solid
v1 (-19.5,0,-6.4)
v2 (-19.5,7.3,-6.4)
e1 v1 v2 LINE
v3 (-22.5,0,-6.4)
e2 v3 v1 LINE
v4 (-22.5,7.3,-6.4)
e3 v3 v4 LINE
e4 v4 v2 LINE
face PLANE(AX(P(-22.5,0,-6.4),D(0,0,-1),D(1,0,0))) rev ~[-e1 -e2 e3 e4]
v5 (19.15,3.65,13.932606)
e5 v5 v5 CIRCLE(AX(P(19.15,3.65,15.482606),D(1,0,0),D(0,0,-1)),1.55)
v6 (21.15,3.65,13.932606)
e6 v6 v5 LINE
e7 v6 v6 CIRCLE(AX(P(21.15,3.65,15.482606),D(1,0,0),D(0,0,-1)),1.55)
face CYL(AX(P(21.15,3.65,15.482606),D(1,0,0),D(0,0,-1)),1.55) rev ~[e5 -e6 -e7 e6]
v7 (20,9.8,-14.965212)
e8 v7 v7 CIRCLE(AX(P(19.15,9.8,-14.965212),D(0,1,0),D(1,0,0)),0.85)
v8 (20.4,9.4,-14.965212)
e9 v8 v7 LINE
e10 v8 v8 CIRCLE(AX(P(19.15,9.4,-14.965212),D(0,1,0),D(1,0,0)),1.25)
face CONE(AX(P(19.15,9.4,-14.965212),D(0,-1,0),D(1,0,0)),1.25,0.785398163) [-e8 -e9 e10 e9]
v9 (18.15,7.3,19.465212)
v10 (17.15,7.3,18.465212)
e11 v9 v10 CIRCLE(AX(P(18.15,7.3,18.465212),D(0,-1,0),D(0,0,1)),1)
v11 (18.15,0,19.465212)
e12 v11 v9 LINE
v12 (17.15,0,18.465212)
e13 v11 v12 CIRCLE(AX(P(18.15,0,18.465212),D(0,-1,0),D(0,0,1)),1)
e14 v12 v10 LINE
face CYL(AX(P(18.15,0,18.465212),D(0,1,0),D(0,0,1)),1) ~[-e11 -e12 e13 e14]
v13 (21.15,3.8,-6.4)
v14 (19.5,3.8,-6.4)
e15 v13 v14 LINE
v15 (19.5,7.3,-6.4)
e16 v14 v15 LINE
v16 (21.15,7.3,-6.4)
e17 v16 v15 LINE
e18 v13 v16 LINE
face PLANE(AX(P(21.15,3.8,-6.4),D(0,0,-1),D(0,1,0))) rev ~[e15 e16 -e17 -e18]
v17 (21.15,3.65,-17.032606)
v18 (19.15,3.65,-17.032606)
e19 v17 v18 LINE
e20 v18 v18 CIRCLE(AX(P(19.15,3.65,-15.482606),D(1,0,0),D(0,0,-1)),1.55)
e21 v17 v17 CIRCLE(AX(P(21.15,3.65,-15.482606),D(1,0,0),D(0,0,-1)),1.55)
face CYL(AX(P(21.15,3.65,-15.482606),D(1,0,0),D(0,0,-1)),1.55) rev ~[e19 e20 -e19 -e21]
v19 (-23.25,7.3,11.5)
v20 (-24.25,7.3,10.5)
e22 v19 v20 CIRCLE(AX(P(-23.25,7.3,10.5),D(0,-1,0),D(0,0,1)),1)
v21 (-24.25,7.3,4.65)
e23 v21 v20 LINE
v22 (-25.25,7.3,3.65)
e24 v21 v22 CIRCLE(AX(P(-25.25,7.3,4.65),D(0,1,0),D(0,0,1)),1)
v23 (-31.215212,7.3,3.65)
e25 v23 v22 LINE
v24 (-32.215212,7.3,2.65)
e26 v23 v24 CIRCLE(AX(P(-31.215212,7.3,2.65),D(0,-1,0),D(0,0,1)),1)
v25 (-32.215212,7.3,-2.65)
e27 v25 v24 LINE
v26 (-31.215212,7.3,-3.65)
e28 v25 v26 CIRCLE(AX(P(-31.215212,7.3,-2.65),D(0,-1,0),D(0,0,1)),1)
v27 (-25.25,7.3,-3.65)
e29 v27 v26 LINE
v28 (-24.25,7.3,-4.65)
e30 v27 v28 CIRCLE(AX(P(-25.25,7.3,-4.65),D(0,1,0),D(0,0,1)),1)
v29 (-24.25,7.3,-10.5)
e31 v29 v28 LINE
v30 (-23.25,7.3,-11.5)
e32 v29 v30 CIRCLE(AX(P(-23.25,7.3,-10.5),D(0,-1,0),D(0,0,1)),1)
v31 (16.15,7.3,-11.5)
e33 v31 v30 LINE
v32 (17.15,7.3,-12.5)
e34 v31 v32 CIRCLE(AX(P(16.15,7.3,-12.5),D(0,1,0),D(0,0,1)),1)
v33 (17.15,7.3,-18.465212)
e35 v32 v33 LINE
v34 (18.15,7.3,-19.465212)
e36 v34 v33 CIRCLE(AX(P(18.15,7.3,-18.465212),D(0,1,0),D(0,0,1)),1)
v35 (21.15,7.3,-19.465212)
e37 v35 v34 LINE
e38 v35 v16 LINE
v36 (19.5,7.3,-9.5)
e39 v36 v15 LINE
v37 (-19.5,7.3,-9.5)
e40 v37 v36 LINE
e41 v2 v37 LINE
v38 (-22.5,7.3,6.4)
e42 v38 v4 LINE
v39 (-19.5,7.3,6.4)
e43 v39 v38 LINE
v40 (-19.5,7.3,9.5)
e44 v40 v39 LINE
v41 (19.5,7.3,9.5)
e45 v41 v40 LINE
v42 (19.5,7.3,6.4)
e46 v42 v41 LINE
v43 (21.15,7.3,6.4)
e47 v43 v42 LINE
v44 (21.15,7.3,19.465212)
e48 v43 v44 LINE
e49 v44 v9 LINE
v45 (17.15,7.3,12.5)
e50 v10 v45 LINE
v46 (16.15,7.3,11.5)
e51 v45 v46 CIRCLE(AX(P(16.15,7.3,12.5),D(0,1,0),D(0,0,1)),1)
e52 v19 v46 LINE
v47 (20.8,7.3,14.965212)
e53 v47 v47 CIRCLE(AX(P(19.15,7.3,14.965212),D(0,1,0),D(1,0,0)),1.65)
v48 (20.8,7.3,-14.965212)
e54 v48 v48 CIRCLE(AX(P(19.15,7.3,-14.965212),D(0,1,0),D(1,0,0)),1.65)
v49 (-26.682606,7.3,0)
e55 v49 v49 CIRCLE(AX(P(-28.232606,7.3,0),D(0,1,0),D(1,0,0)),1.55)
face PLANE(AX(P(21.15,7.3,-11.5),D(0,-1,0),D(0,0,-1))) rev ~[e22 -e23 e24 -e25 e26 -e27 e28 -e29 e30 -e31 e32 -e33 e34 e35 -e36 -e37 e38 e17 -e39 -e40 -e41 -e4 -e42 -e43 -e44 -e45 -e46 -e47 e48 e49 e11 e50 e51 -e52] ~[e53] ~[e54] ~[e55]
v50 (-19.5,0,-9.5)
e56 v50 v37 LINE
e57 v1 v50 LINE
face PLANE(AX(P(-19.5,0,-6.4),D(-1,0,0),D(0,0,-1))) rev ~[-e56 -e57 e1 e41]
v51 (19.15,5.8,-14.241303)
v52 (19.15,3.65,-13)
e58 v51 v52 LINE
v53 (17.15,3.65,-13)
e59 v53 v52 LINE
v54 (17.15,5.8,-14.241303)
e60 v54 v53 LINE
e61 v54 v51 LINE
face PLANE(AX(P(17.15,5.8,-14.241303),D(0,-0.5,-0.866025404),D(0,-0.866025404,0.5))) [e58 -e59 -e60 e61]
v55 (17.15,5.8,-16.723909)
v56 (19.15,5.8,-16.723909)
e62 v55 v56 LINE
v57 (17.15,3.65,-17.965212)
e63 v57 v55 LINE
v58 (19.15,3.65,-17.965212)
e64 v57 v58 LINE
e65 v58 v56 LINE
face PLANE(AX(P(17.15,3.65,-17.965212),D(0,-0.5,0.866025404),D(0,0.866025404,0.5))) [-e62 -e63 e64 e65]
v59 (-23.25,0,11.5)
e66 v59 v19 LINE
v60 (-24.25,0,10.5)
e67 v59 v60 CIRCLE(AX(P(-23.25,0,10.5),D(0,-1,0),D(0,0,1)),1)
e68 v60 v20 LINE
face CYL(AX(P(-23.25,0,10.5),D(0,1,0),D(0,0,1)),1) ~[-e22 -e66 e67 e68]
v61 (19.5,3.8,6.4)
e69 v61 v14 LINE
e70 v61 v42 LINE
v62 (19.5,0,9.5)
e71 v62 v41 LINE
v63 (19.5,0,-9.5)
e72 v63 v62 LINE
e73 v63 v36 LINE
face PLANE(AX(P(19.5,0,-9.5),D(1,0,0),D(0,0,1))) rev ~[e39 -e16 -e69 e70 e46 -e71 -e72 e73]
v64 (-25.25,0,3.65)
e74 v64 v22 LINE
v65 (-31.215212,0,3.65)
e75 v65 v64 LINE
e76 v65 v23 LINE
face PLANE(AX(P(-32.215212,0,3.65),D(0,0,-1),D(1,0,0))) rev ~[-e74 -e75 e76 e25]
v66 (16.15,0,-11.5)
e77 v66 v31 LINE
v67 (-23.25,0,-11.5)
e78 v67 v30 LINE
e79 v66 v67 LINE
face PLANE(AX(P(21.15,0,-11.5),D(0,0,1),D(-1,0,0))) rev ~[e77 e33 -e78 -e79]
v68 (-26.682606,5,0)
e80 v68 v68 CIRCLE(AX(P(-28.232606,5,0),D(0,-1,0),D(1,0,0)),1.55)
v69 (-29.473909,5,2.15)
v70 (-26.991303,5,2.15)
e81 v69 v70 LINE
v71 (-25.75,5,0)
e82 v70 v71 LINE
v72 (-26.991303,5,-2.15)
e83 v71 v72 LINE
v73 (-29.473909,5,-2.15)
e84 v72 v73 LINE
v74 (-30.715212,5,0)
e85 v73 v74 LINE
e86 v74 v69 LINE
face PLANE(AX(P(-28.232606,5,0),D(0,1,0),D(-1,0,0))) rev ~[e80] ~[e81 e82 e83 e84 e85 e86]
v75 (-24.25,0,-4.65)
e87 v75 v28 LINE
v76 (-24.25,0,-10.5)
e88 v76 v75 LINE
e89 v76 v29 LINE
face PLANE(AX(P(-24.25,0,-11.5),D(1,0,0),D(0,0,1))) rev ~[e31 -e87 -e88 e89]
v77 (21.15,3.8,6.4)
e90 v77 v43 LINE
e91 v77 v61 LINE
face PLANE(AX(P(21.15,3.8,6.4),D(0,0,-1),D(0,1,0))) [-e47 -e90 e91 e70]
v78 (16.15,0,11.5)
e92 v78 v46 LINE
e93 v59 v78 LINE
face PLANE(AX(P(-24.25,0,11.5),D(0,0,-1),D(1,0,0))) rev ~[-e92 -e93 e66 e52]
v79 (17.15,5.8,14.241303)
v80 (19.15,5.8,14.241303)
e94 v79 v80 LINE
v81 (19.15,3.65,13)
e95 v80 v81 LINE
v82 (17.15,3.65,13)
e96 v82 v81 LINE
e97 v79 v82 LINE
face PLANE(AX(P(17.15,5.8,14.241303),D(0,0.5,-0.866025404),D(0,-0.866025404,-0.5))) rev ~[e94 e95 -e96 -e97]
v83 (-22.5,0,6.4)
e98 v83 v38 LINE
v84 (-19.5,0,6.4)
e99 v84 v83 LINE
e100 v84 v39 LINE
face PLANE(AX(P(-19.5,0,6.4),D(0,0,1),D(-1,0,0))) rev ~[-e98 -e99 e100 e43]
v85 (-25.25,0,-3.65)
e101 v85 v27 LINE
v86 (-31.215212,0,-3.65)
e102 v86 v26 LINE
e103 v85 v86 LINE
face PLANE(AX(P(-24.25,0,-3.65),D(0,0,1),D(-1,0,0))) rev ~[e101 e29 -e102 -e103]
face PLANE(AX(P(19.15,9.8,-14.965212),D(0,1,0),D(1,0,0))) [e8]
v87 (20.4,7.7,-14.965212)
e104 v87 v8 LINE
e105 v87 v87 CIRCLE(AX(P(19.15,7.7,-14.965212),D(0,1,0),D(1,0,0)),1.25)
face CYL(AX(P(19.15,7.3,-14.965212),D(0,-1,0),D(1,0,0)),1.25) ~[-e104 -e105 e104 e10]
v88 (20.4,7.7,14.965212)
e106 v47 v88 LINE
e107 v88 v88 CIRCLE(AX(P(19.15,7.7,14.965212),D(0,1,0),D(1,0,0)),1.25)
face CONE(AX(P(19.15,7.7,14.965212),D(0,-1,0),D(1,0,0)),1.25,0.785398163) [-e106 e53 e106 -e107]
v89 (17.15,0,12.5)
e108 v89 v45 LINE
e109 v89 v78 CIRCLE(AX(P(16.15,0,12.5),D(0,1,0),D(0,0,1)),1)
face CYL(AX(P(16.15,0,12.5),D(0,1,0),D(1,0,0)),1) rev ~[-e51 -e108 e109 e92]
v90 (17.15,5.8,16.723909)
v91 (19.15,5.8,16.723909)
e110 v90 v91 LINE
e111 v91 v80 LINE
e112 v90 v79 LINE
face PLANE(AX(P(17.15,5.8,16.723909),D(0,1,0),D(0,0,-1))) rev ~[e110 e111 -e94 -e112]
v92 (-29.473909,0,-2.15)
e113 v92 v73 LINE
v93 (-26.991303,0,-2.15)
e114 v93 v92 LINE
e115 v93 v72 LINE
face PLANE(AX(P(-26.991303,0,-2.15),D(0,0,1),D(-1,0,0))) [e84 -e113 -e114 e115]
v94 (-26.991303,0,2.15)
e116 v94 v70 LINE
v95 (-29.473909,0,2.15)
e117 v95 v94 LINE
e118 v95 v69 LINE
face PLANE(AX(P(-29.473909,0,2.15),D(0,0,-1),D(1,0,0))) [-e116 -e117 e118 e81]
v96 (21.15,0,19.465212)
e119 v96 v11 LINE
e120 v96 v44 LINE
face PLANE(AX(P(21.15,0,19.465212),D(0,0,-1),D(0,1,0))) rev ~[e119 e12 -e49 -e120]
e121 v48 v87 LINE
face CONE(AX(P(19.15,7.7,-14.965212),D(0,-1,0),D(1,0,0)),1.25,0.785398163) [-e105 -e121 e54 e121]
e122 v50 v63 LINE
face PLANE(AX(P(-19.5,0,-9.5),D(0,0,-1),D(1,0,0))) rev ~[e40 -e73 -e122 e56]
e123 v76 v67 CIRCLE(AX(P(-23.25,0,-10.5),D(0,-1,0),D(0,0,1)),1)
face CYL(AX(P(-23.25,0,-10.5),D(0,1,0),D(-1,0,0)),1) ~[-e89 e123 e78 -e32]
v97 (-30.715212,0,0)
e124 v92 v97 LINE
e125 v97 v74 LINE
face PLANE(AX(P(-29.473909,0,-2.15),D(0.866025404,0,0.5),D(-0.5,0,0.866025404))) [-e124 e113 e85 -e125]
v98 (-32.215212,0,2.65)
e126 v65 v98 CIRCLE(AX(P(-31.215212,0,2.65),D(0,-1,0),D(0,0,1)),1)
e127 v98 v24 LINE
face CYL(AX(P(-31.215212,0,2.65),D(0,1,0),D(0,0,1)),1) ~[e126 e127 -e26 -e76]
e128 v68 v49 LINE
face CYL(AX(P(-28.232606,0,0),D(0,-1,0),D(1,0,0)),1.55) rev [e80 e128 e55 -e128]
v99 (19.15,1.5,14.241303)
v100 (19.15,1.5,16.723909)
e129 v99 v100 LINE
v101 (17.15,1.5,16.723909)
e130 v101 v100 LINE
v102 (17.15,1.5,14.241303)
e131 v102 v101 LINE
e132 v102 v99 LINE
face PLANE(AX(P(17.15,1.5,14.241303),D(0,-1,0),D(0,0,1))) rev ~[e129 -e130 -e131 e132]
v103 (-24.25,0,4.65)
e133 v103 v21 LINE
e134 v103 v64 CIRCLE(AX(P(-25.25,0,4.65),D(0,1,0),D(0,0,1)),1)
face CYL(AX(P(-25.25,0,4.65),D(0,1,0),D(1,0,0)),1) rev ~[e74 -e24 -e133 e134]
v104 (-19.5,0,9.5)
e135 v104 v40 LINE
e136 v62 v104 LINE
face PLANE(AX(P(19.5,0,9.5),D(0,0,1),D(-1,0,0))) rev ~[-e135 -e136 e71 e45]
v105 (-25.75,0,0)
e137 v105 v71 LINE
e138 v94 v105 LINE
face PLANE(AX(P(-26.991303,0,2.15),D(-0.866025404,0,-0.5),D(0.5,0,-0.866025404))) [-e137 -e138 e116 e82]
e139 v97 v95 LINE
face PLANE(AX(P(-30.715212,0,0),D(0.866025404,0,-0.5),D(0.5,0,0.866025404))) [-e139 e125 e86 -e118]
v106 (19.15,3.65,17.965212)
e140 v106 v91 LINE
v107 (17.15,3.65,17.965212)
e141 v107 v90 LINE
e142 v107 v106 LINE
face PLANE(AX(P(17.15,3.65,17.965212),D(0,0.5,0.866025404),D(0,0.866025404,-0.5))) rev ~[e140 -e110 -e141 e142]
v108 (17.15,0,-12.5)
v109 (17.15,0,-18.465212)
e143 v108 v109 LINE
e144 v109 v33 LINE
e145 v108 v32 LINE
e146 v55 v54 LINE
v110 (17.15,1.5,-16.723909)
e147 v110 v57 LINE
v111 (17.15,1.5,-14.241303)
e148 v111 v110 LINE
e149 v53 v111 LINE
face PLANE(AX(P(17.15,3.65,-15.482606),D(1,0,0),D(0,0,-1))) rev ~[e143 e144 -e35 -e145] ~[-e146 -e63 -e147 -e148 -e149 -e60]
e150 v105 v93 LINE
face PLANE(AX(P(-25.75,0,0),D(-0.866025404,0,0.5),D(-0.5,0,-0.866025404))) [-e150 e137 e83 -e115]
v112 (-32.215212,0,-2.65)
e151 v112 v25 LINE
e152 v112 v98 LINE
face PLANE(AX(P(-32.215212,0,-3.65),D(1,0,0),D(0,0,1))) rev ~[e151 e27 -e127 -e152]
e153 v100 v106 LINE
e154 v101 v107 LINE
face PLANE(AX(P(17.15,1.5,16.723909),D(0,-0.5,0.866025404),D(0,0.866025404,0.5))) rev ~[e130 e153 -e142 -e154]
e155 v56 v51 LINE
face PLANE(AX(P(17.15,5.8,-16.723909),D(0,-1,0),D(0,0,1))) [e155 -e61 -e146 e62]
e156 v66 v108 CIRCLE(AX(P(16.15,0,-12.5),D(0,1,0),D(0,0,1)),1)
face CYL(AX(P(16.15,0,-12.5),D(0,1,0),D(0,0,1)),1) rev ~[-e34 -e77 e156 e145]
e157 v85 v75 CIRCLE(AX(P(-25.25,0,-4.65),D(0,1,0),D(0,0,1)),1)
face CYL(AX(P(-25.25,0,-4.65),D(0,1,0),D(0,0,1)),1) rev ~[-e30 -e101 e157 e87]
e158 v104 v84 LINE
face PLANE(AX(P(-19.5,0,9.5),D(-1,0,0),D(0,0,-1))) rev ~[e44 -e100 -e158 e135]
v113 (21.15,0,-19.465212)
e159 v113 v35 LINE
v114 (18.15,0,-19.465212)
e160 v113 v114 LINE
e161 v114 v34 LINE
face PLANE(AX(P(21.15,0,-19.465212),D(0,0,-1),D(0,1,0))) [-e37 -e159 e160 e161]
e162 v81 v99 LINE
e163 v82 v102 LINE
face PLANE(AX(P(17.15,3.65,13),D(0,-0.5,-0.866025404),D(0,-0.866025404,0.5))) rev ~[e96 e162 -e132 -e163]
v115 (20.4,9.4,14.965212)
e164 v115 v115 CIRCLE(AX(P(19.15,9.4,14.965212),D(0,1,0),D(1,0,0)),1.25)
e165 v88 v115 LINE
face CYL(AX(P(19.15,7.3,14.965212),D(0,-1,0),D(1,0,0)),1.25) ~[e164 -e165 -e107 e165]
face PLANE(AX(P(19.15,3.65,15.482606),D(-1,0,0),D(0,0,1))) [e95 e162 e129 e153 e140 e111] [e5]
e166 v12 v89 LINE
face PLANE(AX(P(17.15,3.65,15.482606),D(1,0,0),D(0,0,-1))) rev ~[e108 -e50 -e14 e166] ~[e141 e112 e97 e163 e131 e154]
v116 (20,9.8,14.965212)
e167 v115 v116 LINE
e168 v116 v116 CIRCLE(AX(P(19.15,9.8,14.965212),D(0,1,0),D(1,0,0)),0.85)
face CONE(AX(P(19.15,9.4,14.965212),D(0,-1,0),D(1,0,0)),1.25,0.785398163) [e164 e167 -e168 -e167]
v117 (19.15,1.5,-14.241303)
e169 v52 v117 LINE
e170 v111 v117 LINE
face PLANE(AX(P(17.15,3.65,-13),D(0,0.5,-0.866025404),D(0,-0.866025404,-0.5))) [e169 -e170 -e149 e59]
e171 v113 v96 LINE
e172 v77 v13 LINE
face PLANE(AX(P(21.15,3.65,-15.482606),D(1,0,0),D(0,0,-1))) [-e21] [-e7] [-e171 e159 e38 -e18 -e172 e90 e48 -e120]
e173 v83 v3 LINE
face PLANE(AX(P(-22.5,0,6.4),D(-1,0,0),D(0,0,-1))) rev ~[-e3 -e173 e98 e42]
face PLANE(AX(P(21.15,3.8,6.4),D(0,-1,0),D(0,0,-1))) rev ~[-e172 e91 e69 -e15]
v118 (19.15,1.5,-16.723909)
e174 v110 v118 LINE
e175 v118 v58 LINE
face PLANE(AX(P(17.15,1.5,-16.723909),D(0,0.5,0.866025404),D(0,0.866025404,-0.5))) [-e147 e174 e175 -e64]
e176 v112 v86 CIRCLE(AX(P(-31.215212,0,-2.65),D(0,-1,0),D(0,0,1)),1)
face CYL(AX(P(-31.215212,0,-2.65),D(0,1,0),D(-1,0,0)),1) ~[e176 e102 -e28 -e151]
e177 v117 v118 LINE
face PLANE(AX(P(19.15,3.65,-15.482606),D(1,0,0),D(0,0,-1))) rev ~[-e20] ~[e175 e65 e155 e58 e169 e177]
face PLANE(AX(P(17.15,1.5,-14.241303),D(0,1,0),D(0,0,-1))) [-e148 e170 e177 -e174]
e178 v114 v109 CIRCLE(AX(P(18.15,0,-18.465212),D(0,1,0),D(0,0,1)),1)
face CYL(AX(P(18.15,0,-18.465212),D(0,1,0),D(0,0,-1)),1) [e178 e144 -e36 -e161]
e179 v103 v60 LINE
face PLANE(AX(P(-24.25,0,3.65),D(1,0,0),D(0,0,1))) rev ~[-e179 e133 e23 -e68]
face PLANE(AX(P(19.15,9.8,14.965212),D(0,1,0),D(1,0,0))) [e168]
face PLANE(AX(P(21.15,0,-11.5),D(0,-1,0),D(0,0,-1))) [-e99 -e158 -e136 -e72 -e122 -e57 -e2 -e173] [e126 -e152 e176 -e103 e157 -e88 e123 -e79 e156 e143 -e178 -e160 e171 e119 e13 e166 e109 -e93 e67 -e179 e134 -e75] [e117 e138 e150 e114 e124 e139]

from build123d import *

# Parameters (mm, degrees)
CROQUIS1_R              = 1.55
SALIENTE_EXTRUIR1_DEPTH = 7.3
CROQUIS5_W              = 12.8
CROQUIS5_H              = 3.5
CORTAR_EXTRUIR4_DEPTH   = 1.65
CORTAR_EXTRUIR5_DEPTH   = 5
CROQUIS6_W              = 7.965212315
CROQUIS6_H              = 7.3
CROQUIS6_R              = 1.55
SALIENTE_EXTRUIR2_DEPTH = 4
CORTAR_EXTRUIR6_DEPTH   = 2
REDONDEO1_R             = 1
CROQUIS8_R              = 1.25
SALIENTE_EXTRUIR3_DEPTH = 2.5
CHAFL_N1_SIZE           = 0.4


with BuildPart() as part:
    # Croquis1 → Saliente-Extruir1 (new body)
    with BuildSketch(Plane(origin=(0, 0, 0), x_dir=(1, 0, 0), z_dir=(0, 1, 0))):
        Polygon((-24.25, 11.5), (-24.25, 3.65), (-32.215212315, 3.65), (-32.215212315, -3.65), (-24.25, -3.65), (-24.25, -11.5), (21.15, -11.5), (21.15, 11.5), align=None)
        with Locations((-28.232606158, 0)):
            Circle(CROQUIS1_R, mode=Mode.SUBTRACT)
        Polygon((-19.5, 9.5), (19.5, 9.5), (19.5, 6.4), (19.5, -6.4), (19.5, -9.5), (-19.5, -9.5), (-19.5, -6.4), (-22.5, -6.4), (-22.5, 6.4), (-19.5, 6.4), align=None, mode=Mode.SUBTRACT)
    extrude(amount=SALIENTE_EXTRUIR1_DEPTH)

    # Croquis5 → Cortar-Extruir4 (cut)
    with BuildSketch(Plane(origin=(21.15, 0, 0), x_dir=(0, 0, -1), z_dir=(1, 0, 0))):
        with Locations((0, 5.55)):
            Rectangle(CROQUIS5_W, CROQUIS5_H)
    extrude(amount=-CORTAR_EXTRUIR4_DEPTH, mode=Mode.SUBTRACT)

    # Croquis4 → Cortar-Extruir5 (cut)
    with BuildSketch(Plane.XZ):
        Polygon((-26.991303079, 2.15), (-25.75, 0), (-26.991303079, -2.15), (-29.473909236, -2.15), (-30.715212315, 0), (-29.473909236, 2.15), align=None)
    extrude(amount=-CORTAR_EXTRUIR5_DEPTH, mode=Mode.SUBTRACT)

    # Croquis6 → Saliente-Extruir2 (add)
    with BuildSketch(Plane(origin=(21.15, 0, 0), x_dir=(0, 0, -1), z_dir=(1, 0, 0))):
        with Locations((15.482606158, 3.65)):
            Rectangle(CROQUIS6_W, CROQUIS6_H)
        with Locations((15.482606158, 3.65)):
            Circle(CROQUIS6_R, mode=Mode.SUBTRACT)
        with Locations((-15.482606158, 3.65)):
            Rectangle(CROQUIS6_W, CROQUIS6_H)
        with Locations((-15.482606158, 3.65)):
            Circle(CROQUIS6_R, mode=Mode.SUBTRACT)
    extrude(amount=-SALIENTE_EXTRUIR2_DEPTH)

    # Croquis7 → Cortar-Extruir6 (cut)
    with BuildSketch(Plane.ZY.offset(-17.15)):
        Polygon((-17.965212315, 3.65), (-16.723909236, 5.8), (-14.241303079, 5.8), (-13, 3.65), (-14.241303079, 1.5), (-16.723909236, 1.5), align=None)
        Polygon((16.723909236, 1.5), (17.965212315, 3.65), (16.723909236, 5.8), (14.241303079, 5.8), (13, 3.65), (14.241303079, 1.5), align=None)
    extrude(amount=-CORTAR_EXTRUIR6_DEPTH, mode=Mode.SUBTRACT)

    # Redondeo1
    redondeo1_edges = [part.edges().sort_by_distance(p)[0] for p in [
        (17.15, 3.65, 11.5),
        (17.15, 3.65, 19.465212315),
        (-24.25, 3.65, 11.5),
        (-24.25, 3.65, 3.65),
        (-32.215212315, 3.65, 3.65),
        (-32.215212315, 3.65, -3.65),
        (-24.25, 3.65, -3.65),
        (-24.25, 3.65, -11.5),
        (17.15, 3.65, -19.465212315),
        (17.15, 3.65, -11.5),
    ]]
    fillet(redondeo1_edges, radius=REDONDEO1_R)

    # Croquis8 → Saliente-Extruir3 (add)
    with BuildSketch(Plane(origin=(0, 7.3, 0), x_dir=(1, 0, 0), z_dir=(0, 1, 0))):
        with Locations((19.15, -14.965212315)):
            Circle(CROQUIS8_R)
        with Locations((19.15, 14.965212315)):
            Circle(CROQUIS8_R)
    extrude(amount=SALIENTE_EXTRUIR3_DEPTH)

    # Chaflán1
    chafl_n1_edges = [part.edges().sort_by_distance(p)[0] for p in [
        (17.9, 7.3, 14.965212315),
        (17.9, 9.8, 14.965212315),
        (17.9, 7.3, -14.965212315),
        (17.9, 9.8, -14.965212315),
    ]]
    chamfer(chafl_n1_edges, length=CHAFL_N1_SIZE)


solid = part.part
